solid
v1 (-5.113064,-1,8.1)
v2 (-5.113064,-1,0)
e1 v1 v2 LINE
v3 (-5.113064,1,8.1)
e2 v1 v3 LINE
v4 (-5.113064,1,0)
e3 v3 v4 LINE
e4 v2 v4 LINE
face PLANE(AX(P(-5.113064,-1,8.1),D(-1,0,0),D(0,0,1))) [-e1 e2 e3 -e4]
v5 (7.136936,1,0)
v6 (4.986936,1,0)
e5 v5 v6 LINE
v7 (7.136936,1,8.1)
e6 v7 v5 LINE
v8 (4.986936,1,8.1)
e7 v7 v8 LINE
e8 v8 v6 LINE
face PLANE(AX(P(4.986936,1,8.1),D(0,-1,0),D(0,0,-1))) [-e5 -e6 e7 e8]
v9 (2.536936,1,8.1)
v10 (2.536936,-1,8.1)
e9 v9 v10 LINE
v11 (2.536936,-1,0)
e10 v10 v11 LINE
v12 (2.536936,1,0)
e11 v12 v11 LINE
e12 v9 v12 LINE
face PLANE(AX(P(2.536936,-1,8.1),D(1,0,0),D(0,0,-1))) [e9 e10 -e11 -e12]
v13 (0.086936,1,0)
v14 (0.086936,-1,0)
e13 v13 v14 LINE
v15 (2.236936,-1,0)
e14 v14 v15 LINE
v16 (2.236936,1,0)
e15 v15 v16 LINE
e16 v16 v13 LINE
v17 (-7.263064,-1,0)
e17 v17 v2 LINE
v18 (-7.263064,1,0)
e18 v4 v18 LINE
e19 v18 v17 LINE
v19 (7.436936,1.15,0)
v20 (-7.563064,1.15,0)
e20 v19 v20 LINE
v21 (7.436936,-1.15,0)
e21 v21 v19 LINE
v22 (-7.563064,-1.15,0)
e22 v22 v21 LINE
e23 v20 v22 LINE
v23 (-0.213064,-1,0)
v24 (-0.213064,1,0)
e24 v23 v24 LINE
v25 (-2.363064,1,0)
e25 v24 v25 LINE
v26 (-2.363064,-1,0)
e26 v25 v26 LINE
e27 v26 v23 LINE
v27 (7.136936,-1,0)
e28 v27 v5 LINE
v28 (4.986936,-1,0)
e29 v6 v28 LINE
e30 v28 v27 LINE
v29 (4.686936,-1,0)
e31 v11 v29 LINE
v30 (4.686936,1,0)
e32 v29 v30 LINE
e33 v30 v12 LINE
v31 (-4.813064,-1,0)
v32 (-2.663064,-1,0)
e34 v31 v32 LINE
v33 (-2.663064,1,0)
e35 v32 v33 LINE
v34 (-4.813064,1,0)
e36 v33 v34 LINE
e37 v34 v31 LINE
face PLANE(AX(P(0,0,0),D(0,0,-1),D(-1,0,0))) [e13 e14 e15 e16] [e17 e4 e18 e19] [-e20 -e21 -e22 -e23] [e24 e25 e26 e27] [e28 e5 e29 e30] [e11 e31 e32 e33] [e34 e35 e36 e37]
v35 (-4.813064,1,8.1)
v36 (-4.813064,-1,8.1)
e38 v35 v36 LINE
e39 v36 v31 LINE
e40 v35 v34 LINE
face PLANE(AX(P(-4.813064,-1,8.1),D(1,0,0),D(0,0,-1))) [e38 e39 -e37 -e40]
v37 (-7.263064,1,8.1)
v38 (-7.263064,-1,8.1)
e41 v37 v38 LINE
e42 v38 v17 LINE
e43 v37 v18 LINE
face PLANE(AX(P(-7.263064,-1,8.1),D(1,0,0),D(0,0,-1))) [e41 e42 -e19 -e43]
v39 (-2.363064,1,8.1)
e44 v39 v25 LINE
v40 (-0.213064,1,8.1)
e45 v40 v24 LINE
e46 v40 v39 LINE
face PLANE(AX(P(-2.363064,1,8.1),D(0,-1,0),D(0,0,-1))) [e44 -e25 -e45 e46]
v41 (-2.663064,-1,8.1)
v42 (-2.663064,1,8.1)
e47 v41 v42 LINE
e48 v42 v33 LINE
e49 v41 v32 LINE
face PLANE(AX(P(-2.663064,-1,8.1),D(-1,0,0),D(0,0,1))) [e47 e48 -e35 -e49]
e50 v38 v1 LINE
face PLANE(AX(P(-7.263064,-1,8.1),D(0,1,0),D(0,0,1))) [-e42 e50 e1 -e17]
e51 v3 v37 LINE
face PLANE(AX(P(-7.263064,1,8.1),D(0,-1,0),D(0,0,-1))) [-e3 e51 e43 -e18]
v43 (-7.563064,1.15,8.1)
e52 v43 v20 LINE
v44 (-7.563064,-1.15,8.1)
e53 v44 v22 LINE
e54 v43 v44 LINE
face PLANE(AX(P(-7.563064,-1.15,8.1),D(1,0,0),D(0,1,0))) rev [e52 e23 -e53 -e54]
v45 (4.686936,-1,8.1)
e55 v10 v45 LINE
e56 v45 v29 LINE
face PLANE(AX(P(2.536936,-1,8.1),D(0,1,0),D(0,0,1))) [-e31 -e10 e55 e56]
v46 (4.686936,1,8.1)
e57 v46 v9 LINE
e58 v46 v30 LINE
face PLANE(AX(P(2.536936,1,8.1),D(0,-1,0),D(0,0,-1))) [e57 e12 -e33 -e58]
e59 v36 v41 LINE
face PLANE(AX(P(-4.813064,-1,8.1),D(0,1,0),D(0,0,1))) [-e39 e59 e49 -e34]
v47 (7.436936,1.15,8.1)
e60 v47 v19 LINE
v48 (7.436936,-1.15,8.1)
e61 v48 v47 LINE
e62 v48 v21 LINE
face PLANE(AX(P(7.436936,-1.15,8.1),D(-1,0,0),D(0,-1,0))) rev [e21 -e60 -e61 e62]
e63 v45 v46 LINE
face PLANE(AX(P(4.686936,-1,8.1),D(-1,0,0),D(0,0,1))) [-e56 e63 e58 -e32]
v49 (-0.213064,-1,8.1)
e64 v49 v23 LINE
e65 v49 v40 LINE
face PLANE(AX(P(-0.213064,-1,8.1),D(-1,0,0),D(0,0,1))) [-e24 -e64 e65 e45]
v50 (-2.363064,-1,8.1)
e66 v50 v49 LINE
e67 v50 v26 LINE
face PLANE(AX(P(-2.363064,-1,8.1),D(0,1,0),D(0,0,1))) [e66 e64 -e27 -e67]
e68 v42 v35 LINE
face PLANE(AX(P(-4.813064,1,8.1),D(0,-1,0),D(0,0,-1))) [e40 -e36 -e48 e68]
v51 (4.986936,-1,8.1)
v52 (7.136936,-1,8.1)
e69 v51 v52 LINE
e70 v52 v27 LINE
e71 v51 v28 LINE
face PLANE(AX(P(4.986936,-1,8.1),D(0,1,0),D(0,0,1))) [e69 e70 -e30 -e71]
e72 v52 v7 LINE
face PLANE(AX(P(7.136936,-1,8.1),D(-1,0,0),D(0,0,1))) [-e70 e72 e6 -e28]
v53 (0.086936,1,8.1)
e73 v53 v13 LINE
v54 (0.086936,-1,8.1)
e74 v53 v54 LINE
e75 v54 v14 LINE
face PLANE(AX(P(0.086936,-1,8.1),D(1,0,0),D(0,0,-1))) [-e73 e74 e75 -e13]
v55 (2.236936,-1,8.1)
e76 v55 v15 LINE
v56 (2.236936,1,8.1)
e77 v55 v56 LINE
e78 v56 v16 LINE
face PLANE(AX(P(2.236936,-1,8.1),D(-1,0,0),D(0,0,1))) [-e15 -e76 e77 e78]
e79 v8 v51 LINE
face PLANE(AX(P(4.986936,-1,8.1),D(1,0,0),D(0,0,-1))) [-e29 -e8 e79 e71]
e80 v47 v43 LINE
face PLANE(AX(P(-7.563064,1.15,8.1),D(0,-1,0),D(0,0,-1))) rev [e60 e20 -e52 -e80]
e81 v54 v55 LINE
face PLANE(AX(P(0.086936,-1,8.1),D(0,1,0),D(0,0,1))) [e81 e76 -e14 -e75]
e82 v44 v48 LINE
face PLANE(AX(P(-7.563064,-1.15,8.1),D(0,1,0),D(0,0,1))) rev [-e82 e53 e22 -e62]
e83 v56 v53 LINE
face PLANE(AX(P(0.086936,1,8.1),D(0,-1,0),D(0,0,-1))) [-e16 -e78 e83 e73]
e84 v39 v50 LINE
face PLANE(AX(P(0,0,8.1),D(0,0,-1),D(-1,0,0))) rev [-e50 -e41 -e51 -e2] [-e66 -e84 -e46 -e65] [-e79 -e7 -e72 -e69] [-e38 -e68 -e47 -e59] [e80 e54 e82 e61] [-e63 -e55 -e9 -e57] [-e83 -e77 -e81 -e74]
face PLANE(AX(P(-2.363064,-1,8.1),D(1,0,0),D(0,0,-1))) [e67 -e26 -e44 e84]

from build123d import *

# Parameters (mm, degrees)
ESQUISSE1_W        = 15
ESQUISSE1_H        = 2.3
ESQUISSE1_W_2      = 2.15
ESQUISSE1_H_2      = 2
BOSS_EXTRU_1_DEPTH = 8.1


with BuildPart() as part:
    # Esquisse1 → Boss.-Extru.1 (new body)
    with BuildSketch(Plane.XY):
        with Locations((-0.063064138, 0)):
            Rectangle(ESQUISSE1_W, ESQUISSE1_H)
        with Locations((-3.738064138, 0)):
            Rectangle(ESQUISSE1_W_2, ESQUISSE1_H_2, mode=Mode.SUBTRACT)
        with Locations((-6.188064138, 0)):
            Rectangle(ESQUISSE1_W_2, ESQUISSE1_H_2, mode=Mode.SUBTRACT)
        with Locations((-1.288064138, 0)):
            Rectangle(ESQUISSE1_W_2, ESQUISSE1_H_2, mode=Mode.SUBTRACT)
        with Locations((1.161935862, 0)):
            Rectangle(ESQUISSE1_W_2, ESQUISSE1_H_2, mode=Mode.SUBTRACT)
        with Locations((3.611935862, 0)):
            Rectangle(ESQUISSE1_W_2, ESQUISSE1_H_2, mode=Mode.SUBTRACT)
        with Locations((6.061935862, 0)):
            Rectangle(ESQUISSE1_W_2, ESQUISSE1_H_2, mode=Mode.SUBTRACT)
    extrude(amount=BOSS_EXTRU_1_DEPTH)


solid = part.part
